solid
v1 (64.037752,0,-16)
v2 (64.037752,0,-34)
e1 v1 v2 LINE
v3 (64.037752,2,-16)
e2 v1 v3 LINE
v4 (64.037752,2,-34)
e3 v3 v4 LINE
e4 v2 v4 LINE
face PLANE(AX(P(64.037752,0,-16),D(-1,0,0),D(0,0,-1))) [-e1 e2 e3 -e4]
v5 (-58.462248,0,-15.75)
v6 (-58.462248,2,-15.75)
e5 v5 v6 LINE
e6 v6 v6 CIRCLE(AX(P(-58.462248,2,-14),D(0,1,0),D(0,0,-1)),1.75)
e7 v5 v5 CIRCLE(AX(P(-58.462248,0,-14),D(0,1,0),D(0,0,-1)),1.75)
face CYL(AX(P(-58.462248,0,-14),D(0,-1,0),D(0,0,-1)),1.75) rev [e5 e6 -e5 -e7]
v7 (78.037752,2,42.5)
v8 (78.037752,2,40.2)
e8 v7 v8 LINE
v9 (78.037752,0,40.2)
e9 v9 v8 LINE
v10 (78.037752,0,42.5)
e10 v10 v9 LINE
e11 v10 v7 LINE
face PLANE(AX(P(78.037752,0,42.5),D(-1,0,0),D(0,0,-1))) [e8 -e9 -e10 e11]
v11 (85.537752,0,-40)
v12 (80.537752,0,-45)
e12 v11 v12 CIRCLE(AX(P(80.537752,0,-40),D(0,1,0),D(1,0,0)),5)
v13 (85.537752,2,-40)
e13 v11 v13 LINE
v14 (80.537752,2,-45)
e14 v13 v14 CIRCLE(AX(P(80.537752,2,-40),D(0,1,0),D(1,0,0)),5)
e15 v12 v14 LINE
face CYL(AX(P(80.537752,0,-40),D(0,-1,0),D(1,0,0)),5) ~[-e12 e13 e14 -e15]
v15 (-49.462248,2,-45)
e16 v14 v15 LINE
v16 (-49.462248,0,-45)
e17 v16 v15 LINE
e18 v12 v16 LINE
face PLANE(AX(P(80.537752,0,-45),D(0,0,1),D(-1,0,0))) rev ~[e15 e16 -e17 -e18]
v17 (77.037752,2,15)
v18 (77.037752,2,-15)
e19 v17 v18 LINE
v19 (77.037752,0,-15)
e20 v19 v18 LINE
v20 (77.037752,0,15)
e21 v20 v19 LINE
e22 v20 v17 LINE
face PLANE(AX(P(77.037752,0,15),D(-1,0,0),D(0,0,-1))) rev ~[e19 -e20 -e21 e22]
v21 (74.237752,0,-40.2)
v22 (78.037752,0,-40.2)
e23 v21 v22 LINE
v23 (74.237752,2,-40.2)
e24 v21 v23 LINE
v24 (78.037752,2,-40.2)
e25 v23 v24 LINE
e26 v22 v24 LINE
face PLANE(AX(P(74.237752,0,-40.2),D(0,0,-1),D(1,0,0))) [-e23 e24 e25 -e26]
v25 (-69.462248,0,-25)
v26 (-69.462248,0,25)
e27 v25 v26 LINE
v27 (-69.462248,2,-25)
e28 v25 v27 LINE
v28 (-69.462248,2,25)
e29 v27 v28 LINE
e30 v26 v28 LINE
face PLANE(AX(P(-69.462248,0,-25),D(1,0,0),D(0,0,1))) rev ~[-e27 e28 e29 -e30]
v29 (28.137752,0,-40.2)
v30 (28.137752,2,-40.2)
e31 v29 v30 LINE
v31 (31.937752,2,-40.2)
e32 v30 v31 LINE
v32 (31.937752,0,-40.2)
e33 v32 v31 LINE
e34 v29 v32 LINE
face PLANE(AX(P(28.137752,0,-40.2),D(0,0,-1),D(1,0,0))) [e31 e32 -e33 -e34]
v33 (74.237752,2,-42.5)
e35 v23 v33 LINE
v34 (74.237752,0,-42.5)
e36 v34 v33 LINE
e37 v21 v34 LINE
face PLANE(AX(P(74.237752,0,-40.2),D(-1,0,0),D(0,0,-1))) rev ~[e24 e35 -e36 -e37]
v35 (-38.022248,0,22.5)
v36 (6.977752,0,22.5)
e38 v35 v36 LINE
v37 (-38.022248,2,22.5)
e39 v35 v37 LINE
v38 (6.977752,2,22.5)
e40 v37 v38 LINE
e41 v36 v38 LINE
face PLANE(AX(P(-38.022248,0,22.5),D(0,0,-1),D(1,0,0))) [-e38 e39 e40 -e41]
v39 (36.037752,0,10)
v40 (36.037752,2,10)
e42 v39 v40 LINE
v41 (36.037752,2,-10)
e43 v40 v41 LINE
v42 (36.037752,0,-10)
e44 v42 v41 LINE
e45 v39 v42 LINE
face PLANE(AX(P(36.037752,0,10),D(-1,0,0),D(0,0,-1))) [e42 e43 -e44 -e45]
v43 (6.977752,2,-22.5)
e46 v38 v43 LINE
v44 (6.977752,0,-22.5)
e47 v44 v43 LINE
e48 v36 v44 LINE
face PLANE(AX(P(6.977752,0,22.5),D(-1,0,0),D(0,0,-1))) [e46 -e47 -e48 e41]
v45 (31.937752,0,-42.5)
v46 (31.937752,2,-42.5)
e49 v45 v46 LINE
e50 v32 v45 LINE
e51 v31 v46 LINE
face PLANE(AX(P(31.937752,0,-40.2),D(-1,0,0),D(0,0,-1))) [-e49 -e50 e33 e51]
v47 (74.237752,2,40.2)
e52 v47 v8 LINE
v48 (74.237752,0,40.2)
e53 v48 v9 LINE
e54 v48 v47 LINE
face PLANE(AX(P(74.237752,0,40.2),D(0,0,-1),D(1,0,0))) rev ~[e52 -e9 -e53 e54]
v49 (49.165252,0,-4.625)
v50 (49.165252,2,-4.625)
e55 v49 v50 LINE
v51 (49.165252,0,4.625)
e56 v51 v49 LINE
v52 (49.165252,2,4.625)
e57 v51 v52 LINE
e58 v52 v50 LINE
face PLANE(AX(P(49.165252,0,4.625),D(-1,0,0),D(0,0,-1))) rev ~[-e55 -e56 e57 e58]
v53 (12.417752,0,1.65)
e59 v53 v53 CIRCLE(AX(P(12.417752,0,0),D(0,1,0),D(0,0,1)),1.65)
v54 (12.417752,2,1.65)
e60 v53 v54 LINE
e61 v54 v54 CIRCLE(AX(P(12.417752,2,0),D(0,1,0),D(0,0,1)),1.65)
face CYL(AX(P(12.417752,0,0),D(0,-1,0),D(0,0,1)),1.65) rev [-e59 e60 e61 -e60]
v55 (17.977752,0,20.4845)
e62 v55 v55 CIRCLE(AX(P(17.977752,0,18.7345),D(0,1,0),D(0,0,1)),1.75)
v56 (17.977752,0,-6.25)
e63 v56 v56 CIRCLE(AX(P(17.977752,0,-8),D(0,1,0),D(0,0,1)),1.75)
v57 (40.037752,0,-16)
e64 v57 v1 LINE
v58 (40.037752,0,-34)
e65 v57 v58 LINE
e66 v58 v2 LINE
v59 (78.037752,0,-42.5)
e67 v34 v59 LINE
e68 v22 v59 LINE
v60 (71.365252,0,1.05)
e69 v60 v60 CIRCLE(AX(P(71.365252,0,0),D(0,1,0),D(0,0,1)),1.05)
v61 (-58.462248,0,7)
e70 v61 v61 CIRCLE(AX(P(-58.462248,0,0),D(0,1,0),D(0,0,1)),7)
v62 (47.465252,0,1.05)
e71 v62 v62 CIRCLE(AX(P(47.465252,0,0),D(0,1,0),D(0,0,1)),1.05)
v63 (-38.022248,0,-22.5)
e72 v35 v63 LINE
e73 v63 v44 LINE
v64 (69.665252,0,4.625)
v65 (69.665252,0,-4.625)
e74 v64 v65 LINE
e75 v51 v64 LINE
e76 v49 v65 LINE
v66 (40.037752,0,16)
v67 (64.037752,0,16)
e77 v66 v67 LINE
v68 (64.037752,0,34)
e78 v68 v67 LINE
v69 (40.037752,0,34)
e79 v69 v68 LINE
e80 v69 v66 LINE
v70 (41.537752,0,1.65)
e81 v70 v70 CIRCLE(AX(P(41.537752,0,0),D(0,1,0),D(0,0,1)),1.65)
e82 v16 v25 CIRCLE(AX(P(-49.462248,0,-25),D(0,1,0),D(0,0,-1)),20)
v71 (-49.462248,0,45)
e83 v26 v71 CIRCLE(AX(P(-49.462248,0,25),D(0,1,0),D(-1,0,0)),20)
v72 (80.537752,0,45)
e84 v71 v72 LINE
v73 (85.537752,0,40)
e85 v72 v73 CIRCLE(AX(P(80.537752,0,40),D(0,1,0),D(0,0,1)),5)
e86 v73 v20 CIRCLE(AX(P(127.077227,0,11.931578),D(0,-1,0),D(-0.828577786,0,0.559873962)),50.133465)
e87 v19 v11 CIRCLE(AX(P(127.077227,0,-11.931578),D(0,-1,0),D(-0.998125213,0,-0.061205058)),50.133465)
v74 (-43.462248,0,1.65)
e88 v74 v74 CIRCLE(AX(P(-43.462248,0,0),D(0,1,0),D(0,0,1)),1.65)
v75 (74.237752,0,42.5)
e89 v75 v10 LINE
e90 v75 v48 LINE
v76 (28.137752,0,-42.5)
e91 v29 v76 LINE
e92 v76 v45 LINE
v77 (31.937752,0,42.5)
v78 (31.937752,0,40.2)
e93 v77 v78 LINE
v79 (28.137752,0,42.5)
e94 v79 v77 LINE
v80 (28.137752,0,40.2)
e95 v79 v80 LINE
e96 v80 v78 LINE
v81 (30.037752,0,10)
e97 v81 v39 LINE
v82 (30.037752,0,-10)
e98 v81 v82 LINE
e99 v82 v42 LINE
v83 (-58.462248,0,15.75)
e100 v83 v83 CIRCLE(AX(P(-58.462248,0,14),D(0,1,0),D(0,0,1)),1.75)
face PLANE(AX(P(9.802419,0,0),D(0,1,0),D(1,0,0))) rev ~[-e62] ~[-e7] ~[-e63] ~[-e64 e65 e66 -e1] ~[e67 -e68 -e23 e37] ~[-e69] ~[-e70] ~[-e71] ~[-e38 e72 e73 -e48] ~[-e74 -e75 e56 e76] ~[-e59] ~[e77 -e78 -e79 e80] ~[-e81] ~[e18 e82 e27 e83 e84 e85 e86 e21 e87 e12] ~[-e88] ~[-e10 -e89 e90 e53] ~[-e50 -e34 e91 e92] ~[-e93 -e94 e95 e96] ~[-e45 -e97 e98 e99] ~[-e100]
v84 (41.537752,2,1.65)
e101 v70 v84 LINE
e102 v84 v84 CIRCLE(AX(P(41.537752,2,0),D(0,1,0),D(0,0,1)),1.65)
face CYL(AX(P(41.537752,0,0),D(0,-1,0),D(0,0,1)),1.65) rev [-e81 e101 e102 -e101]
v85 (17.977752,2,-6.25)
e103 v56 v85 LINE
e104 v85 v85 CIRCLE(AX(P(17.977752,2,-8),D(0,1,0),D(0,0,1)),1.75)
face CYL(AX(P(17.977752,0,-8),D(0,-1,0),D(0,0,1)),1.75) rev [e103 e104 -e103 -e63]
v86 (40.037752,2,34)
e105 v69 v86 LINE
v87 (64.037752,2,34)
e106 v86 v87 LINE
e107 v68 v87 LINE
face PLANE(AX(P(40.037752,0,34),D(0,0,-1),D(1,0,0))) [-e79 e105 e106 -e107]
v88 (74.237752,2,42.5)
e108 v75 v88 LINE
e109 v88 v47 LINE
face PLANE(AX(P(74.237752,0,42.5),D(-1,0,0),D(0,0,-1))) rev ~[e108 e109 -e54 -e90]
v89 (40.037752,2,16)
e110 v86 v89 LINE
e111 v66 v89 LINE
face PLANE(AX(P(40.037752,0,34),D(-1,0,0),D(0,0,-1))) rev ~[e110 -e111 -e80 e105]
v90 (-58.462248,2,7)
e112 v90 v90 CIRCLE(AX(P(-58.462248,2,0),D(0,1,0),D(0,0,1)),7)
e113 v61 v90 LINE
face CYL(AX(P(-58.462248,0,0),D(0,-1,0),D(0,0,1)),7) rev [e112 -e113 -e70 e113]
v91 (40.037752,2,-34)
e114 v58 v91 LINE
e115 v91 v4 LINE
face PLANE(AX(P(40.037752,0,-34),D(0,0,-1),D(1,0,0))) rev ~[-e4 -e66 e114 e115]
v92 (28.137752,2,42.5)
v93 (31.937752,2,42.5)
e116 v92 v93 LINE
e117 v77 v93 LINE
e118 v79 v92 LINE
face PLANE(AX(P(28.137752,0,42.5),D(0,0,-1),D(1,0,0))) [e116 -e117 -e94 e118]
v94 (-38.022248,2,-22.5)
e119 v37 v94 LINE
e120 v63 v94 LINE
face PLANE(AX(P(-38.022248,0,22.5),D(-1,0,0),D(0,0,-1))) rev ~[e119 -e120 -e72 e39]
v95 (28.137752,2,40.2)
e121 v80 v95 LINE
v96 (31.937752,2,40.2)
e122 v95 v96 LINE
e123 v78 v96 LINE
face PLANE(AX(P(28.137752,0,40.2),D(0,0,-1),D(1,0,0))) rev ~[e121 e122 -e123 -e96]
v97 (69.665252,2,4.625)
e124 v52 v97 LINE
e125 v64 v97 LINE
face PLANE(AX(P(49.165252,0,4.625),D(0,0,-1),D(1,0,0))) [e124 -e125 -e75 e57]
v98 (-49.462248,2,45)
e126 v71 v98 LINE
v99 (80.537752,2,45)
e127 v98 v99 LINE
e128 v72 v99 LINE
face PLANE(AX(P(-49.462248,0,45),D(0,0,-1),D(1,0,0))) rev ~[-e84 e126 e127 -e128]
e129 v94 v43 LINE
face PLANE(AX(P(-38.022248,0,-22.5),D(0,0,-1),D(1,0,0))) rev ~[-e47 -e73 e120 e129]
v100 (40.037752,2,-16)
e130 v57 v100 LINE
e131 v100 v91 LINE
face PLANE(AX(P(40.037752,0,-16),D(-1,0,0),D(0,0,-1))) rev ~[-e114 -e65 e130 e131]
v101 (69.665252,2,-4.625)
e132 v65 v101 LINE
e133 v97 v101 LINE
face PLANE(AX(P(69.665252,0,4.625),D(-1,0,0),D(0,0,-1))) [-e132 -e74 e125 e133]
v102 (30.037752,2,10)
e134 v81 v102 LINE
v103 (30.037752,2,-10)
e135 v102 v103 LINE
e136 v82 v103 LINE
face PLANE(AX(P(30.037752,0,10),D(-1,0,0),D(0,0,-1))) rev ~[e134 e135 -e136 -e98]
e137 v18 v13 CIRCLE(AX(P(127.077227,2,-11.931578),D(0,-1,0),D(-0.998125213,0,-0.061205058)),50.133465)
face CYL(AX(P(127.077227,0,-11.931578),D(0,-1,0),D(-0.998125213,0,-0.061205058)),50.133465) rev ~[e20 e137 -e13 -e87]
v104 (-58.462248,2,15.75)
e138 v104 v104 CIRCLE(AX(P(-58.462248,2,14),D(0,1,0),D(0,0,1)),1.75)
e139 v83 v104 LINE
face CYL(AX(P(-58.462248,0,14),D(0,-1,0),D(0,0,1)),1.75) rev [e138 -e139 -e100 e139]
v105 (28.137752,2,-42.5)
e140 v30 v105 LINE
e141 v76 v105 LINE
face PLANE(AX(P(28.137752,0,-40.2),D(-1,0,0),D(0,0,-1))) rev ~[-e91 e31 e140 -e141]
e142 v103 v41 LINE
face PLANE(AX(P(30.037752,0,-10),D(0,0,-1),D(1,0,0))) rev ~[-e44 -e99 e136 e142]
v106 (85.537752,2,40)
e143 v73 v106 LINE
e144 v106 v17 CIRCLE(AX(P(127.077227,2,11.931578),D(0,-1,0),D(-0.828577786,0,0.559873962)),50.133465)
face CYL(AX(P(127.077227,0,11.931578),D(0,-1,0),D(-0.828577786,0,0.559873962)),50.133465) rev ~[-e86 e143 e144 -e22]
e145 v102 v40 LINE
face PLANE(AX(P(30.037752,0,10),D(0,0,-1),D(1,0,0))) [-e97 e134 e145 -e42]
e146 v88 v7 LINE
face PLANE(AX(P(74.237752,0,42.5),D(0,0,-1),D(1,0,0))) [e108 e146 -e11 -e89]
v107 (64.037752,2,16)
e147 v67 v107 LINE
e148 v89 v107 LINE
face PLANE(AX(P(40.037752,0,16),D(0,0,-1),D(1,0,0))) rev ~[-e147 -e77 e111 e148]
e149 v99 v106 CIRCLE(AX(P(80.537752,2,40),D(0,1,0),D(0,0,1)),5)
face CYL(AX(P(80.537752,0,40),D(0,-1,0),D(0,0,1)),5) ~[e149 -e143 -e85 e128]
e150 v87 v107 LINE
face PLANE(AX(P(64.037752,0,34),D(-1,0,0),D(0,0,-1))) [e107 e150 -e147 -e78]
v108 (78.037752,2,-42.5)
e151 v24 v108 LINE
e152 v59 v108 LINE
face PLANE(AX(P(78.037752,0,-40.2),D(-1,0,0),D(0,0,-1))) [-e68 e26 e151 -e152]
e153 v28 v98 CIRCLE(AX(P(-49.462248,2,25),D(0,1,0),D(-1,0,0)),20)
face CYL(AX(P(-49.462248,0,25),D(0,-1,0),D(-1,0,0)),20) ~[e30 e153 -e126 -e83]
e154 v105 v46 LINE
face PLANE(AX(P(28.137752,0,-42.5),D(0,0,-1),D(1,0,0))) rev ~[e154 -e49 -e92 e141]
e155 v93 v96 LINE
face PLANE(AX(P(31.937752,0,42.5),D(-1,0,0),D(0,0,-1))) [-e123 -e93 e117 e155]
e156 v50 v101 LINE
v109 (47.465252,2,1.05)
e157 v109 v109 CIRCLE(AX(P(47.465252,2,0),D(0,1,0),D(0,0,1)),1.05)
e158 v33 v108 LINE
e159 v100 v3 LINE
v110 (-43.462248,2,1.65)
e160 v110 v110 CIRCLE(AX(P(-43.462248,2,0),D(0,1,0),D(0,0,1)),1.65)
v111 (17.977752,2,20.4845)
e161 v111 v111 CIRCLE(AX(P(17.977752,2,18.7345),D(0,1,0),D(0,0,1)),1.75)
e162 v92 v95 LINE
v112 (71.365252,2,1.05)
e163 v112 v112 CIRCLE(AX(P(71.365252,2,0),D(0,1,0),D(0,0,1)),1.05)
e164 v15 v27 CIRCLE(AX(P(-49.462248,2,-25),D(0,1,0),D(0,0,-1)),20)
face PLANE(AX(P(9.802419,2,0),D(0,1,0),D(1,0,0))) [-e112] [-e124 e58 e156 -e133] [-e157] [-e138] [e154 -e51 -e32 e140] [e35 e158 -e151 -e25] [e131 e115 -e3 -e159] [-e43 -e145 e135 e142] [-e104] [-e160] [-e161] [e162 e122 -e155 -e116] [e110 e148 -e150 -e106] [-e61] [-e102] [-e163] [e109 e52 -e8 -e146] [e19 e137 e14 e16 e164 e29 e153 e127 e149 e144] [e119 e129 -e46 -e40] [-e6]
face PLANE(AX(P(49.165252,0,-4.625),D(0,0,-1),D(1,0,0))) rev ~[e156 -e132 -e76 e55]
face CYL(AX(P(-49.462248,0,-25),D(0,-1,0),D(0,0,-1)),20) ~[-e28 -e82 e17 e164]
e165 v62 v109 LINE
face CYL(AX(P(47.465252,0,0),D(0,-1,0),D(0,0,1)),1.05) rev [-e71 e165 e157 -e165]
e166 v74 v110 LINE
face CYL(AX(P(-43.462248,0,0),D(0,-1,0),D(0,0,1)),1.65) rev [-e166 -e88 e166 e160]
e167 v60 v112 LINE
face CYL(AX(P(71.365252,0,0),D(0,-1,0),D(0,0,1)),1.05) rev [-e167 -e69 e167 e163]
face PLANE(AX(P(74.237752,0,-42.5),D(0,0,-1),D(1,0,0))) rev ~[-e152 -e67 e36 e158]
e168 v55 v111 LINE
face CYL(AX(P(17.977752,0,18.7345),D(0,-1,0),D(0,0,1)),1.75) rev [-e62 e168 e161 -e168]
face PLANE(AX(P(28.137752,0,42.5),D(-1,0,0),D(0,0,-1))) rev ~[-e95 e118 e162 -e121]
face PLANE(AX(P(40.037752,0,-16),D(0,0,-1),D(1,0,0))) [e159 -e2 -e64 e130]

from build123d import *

# Parameters (mm, degrees)
CROQUIS1_R              = 1.75
CROQUIS1_R_2            = 1.05
CROQUIS1_R_3            = 1.65
CROQUIS1_R_4            = 7
CROQUIS1_W              = 24
CROQUIS1_H              = 18
CROQUIS1_W_2            = 20.5
CROQUIS1_H_2            = 9.25
CROQUIS1_W_3            = 3.8
CROQUIS1_H_3            = 2.3
CROQUIS1_W_4            = 6
CROQUIS1_H_4            = 20
CROQUIS1_W_5            = 45
CROQUIS1_H_5            = 45
SALIENTE_EXTRUIR1_DEPTH = 2


with BuildPart() as part:
    # Croquis1 → Saliente-Extruir1 (new body)
    with BuildSketch(Plane(origin=(0, 0, 0), x_dir=(1, 0, 0), z_dir=(0, 1, 0))):
        with BuildLine():
            Line((-49.462248263, -45), (80.537751737, -45))
            ThreePointArc((80.537751737, -45), (84.073285643, -43.535533906), (85.537751737, -40))
            ThreePointArc((85.537751737, -40), (79.612228902, -28.069677764), (77.037751737, -15))
            Line((77.037751737, -15), (77.037751737, 15))
            ThreePointArc((77.037751737, 15), (79.612228902, 28.069677764), (85.537751737, 40))
            ThreePointArc((85.537751737, 40), (84.073285643, 43.535533906), (80.537751737, 45))
            Line((80.537751737, 45), (-49.462248263, 45))
            ThreePointArc((-49.462248263, 45), (-63.604383887, 39.142135624), (-69.462248263, 25))
            Line((-69.462248263, 25), (-69.462248263, -25))
            ThreePointArc((-69.462248263, -25), (-63.604383887, -39.142135624), (-49.462248263, -45))
        make_face()
        with Locations(Location((-58.462248263, -14, 0), (0, 0, 270))):
            Circle(CROQUIS1_R, mode=Mode.SUBTRACT)
        with Locations(Location((-58.462248263, 14, 0), (0, 0, 90))):
            Circle(CROQUIS1_R, mode=Mode.SUBTRACT)
        with Locations(Location((71.365251737, 0, 0), (0, 0, 270))):
            Circle(CROQUIS1_R_2, mode=Mode.SUBTRACT)
        with Locations(Location((47.465251737, 0, 0), (0, 0, 270))):
            Circle(CROQUIS1_R_2, mode=Mode.SUBTRACT)
        with Locations(Location((-43.462248263, 0, 0), (0, 0, 270))):
            Circle(CROQUIS1_R_3, mode=Mode.SUBTRACT)
        with Locations(Location((12.417751737, 0, 0), (0, 0, 270))):
            Circle(CROQUIS1_R_3, mode=Mode.SUBTRACT)
        with Locations(Location((-58.462248263, 0, 0), (0, 0, 270))):
            Circle(CROQUIS1_R_4, mode=Mode.SUBTRACT)
        with Locations(Location((41.537751737, 0, 0), (0, 0, 270))):
            Circle(CROQUIS1_R_3, mode=Mode.SUBTRACT)
        with Locations(Location((17.977751737, 8, 0), (0, 0, 270))):
            Circle(CROQUIS1_R, mode=Mode.SUBTRACT)
        with Locations(Location((17.977751737, -18.7345, 0), (0, 0, 270))):
            Circle(CROQUIS1_R, mode=Mode.SUBTRACT)
        with Locations((52.037751737, -25)):
            Rectangle(CROQUIS1_W, CROQUIS1_H, mode=Mode.SUBTRACT)
        with Locations((59.415251737, 0)):
            Rectangle(CROQUIS1_W_2, CROQUIS1_H_2, mode=Mode.SUBTRACT)
        with Locations((30.037751737, 41.35)):
            Rectangle(CROQUIS1_W_3, CROQUIS1_H_3, mode=Mode.SUBTRACT)
        with Locations((76.137751737, 41.35)):
            Rectangle(CROQUIS1_W_3, CROQUIS1_H_3, mode=Mode.SUBTRACT)
        with Locations((76.137751737, -41.35)):
            Rectangle(CROQUIS1_W_3, CROQUIS1_H_3, mode=Mode.SUBTRACT)
        with Locations((30.037751737, -41.35)):
            Rectangle(CROQUIS1_W_3, CROQUIS1_H_3, mode=Mode.SUBTRACT)
        with Locations((33.037751737, 0)):
            Rectangle(CROQUIS1_W_4, CROQUIS1_H_4, mode=Mode.SUBTRACT)
        with Locations((-15.522248263, 0)):
            Rectangle(CROQUIS1_W_5, CROQUIS1_H_5, mode=Mode.SUBTRACT)
        with Locations((52.037751737, 25)):
            Rectangle(CROQUIS1_W, CROQUIS1_H, mode=Mode.SUBTRACT)
    extrude(amount=SALIENTE_EXTRUIR1_DEPTH)


solid = part.part
